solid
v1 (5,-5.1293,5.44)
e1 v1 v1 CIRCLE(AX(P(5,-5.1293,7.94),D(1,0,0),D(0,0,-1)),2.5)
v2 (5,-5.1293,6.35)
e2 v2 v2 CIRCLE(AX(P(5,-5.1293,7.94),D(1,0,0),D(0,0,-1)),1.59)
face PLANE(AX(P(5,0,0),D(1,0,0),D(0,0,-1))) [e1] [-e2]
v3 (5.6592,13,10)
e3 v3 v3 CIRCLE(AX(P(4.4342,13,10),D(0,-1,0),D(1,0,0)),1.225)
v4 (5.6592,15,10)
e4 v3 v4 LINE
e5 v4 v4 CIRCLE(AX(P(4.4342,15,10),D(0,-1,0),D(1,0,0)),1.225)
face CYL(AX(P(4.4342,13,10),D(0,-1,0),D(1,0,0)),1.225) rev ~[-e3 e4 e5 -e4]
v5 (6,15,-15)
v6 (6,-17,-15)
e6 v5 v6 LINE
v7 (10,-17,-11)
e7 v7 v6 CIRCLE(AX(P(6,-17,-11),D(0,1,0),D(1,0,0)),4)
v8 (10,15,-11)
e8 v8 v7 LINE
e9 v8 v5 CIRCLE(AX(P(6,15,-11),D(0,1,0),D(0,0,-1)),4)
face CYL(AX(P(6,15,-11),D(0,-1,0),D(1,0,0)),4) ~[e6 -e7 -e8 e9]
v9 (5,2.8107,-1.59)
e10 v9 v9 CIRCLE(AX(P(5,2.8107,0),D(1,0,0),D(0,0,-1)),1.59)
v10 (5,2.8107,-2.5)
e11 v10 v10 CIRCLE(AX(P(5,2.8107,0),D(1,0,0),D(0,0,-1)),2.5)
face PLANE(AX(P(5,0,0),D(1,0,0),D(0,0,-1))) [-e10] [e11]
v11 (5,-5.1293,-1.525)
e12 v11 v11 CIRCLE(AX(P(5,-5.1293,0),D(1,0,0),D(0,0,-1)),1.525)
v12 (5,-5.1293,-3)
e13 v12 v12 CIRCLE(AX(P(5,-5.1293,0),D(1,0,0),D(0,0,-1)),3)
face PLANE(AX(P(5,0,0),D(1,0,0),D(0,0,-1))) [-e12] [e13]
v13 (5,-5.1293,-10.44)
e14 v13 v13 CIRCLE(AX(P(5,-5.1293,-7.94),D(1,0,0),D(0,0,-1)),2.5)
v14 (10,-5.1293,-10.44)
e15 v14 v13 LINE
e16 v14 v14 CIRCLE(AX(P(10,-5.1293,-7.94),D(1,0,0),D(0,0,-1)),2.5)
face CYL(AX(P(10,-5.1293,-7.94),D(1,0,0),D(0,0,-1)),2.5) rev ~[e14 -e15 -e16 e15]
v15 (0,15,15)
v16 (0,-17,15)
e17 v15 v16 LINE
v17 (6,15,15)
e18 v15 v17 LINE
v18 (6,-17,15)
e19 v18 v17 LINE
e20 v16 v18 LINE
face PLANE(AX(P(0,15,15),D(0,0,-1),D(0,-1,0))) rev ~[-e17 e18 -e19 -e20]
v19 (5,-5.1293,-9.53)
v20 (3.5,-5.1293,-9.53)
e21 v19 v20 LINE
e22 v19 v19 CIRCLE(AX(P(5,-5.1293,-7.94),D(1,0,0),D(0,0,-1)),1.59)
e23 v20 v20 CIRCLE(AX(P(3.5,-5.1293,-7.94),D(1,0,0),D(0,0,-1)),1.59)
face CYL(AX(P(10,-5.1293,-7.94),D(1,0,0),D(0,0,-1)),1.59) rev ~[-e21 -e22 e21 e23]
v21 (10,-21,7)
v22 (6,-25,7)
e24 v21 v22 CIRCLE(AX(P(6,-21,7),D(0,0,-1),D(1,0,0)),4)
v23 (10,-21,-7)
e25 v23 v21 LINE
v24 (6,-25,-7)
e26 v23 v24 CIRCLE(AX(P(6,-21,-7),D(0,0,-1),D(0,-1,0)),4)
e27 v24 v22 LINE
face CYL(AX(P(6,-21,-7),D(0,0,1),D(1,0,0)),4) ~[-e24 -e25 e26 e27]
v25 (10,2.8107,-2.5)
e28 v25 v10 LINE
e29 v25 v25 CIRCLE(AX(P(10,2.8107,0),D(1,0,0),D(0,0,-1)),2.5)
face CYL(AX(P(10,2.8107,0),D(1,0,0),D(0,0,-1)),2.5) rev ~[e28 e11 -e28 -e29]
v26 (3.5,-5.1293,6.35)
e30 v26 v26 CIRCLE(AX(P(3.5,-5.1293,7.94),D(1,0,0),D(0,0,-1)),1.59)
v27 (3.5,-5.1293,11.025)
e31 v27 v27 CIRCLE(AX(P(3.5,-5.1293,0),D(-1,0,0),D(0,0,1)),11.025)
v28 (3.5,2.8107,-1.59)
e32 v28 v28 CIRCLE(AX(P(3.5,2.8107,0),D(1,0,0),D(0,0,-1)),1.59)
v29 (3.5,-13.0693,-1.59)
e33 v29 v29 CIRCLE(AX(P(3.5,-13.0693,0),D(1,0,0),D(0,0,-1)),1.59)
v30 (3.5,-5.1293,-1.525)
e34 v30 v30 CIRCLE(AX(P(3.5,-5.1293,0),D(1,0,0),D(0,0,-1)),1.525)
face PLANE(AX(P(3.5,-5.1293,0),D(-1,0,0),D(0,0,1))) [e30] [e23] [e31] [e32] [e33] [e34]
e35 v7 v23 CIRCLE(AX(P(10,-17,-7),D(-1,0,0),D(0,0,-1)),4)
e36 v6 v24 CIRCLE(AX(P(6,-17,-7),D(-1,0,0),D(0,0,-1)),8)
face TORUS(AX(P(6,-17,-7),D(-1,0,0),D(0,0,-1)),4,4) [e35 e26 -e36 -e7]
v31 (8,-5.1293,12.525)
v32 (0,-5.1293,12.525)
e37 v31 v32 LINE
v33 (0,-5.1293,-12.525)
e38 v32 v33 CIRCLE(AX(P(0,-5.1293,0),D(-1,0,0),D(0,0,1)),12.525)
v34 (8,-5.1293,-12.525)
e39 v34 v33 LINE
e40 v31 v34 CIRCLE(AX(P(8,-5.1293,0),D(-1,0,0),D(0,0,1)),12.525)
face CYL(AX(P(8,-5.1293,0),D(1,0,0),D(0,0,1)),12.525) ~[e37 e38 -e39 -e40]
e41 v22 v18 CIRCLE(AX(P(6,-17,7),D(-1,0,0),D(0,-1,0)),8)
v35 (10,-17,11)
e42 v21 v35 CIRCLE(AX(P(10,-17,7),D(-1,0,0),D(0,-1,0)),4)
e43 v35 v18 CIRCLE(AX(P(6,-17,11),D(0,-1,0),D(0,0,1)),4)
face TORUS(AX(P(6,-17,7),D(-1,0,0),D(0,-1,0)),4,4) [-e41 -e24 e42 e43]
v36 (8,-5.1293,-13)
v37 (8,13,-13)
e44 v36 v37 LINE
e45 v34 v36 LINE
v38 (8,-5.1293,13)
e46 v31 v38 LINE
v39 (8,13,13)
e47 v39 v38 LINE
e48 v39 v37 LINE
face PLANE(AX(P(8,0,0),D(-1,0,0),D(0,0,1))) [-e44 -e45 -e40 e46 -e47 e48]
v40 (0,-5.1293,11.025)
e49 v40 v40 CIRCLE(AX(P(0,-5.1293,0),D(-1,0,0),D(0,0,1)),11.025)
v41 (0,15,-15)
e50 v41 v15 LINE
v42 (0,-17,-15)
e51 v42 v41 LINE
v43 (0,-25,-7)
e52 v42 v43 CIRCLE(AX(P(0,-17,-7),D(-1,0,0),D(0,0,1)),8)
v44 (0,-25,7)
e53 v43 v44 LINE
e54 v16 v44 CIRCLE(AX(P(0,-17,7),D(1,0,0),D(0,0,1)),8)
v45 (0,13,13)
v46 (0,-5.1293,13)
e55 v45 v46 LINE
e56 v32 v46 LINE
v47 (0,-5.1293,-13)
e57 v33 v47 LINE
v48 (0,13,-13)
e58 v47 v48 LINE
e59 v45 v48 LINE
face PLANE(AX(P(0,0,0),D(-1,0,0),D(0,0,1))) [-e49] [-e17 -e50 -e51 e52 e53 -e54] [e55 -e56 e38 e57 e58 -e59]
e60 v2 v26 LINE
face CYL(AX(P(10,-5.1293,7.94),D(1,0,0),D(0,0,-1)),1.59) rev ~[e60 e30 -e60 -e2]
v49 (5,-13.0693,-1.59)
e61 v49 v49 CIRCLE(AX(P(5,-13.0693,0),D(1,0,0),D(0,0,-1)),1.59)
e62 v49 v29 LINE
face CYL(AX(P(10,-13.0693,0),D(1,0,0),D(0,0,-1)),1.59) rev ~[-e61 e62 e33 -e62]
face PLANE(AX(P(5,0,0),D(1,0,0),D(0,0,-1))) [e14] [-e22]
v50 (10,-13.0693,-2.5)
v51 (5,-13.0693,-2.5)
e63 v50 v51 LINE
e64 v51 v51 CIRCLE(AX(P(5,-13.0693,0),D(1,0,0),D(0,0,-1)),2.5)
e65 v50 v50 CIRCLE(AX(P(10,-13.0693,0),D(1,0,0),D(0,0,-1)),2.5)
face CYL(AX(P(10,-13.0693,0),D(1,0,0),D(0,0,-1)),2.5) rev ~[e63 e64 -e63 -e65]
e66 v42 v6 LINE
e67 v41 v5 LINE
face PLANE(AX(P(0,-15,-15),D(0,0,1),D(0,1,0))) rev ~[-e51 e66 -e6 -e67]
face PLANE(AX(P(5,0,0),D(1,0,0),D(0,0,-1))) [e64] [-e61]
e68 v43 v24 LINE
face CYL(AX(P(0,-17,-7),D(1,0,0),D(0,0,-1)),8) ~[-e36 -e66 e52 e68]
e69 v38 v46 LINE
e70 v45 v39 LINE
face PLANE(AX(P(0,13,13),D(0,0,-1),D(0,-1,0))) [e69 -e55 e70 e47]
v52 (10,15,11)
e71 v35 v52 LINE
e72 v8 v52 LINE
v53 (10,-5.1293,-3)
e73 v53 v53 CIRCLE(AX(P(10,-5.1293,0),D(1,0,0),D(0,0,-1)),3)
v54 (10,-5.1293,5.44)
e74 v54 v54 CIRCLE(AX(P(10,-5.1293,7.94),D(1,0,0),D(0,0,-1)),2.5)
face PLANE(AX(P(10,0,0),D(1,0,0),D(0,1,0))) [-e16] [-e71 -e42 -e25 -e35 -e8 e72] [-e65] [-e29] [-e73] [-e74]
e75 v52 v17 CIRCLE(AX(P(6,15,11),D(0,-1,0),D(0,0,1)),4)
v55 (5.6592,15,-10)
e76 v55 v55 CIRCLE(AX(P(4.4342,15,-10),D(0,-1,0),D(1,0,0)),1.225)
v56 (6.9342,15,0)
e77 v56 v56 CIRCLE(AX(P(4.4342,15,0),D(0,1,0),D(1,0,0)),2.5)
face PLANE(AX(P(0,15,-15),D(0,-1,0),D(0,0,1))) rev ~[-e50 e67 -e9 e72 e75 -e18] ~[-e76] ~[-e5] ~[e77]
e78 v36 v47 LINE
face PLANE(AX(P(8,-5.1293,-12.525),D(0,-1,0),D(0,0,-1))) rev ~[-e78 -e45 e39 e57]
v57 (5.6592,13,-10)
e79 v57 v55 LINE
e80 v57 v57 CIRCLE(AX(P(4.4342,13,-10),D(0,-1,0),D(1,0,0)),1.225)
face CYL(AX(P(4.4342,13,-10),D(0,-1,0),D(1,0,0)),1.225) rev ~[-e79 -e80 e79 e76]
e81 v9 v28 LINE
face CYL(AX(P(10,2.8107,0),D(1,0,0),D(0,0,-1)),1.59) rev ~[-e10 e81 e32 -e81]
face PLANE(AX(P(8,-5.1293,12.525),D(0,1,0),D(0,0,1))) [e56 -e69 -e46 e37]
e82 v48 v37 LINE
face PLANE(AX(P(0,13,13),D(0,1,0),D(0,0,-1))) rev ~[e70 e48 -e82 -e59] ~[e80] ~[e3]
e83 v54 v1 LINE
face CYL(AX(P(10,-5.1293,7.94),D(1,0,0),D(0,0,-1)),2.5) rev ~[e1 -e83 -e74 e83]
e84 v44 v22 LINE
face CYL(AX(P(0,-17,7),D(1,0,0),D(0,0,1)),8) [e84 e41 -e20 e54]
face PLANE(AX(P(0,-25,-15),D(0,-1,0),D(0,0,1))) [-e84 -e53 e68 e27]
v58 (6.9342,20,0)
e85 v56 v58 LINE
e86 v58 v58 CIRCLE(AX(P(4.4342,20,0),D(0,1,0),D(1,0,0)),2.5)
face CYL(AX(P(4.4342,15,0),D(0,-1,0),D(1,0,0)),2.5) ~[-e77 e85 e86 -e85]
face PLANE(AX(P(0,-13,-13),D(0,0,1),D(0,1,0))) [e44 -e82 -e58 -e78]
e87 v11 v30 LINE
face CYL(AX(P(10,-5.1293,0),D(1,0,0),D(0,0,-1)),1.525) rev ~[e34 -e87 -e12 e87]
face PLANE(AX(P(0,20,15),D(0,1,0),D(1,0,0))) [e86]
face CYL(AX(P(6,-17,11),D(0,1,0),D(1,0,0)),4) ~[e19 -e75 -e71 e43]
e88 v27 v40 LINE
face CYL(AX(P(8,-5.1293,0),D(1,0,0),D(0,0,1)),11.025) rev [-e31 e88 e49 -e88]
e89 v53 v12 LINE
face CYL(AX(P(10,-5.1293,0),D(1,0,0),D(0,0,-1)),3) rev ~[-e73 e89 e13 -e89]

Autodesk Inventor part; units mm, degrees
ref_plane "YZ Plane" through (0, 0, 0) normal (1, 0, 0) x (0, 1, 0)
ref_plane "XZ Plane" through (0, 0, 0) normal (0, 1, 0) x (-1, 0, 0)
ref_plane "XY Plane" through (0, 0, 0) normal (0, 0, 1) x (1, 0, 0)
sketch "Sketch1" plane through (0, 0, 0) normal (1, 0, 0) x (0, 1, 0)
  line L0 (15, 15) -> (-15, 15)
  line L1 (-15, -15) -> (15, -15)
  line L2 (15, -15) -> (15, 15)
  line L3 (15, 15) -> (-15, -15) construction
  line L4 (-15, 15) -> (15, -15) construction
  line L5 (-15, -15) -> (-25, -15)
  line L6 (-25, -15) -> (-25, 15)
  line L7 (-25, 15) -> (-15, 15)
  point P0 (0, 0)
  dimension "d0" = 30
  dimension "d1" = 30
  dimension "d13" = 10
extrude "Extrusion1" add sketch "Sketch1" along normal blind 10
sketch "Sketch2" plane through (0, 0, 0) normal (-1, 0, 0) x (0, 0, 1)
  line L0 (-13, -13) -> (-13, 13)
  line L1 (13, 13) -> (13, -13)
  line L2 (13, 13) -> (-13, 13)
  line L3 (-13, -13) -> (-13, -23)
  line L4 (-13, -23) -> (13, -23)
  line L5 (13, -23) -> (13, -13)
  point P0 (0, 0)
  dimension "d14" = 10
extrude "Extrusion2" cut sketch "Sketch2" against normal blind 8
sketch "Sketch3" plane through (0, 15, 15) normal (0, 1, 0) x (1, 0, 0)
  circle A0 centre (4.4342, 15) radius 2.5 projected
  point P0 (0, 15)
extrude "Extrusion3" add sketch "Sketch3" along normal blind 5
sketch "Sketch4" plane through (0, 13, -13) normal (0, -1, 0) x (1, 0, 0)
  circle A0 centre (4.4342, 23) radius 1.225 projected
  circle A1 centre (4.4342, 3) radius 1.225 projected
  point P0 (0, 13)
extrude "Extrusion4" cut sketch "Sketch4" against normal blind 2
fillet "Fillet4" radius 8 4 edges at (4, -23, 13) (4, -23, -13) (5, -25, -15) (5, -25, 15)
fillet "Fillet5" radius 4 4 edges at (10, -25, 0) (10, -22.6569, 12.6569) (10, -1, -15) (10, -22.6569, -12.6569)
sketch "Sketch5" plane through (8, 0, 0) normal (-1, 0, 0) x (0, 0, 1)
  arc A0 (12.525, -5.1293) -> (-12.525, -5.1293) centre (0, -5.1293) ccw
  circle A1 centre (0, -5.1293) radius 11.025
  arc A2 (5, -23) -> (13, -15) centre (5, -15) ccw
  line L0 (13, -5.1293) -> (13, -15)
  line L1 (5, -23) -> (-5, -23)
  arc A3 (-13, -15) -> (-5, -23) centre (-5, -15) ccw
  line L2 (-13, -15) -> (-13, -5.1293)
  line L3 (12.525, -5.1293) -> (13, -5.1293)
  line L4 (13, -5.1293) -> (13, -15)
  line L5 (-12.525, -5.1293) -> (-13, -5.1293)
  line L6 (-13, -15) -> (-13, -5.1293)
  point P0 (0, 0)
extrude "Extrusion5" add sketch "Sketch5" along normal blind 8
sketch "Sketch6" plane through (8, -5.1293, 0) normal (-1, 0, 0) x (0, 0, 1)
  circle A0 centre (0, 0) radius 11.025 projected
  point P0 (0, 5.1293)
extrude "Extrusion6" add sketch "Sketch6" along normal blind 4.5
sketch "Sketch7" plane through (10, 0, 0) normal (1, 0, 0) x (0, 0, -1)
  circle A0 centre (0, -5.1293) radius 1.525
  point P0 (0, 0)
extrude "Extrusion7" cut sketch "Sketch7" against normal blind 8
sketch "Sketch8" plane through (10, 0, 0) normal (1, 0, 0) x (0, 0, -1)
  circle A0 centre (0, -5.1293) radius 1.525 projected
  circle A1 centre (0, -5.1293) radius 3
  point P0 (0, 0)
  dimension "d29" = 6
extrude "Extrusion8" cut sketch "Sketch8" against normal blind 5
sketch "Sketch9" plane through (10, 0, 0) normal (1, 0, 0) x (0, 0, -1)
  circle A0 centre (0, -5.1293) radius 11.025 projected
  line L0 (0, -5.1293) -> (0, -13.0693)
  line L1 (0, -5.1293) -> (0, 2.8107)
  circle A1 centre (0, -5.1293) radius 1.525 projected
  line L2 (0, -5.1293) -> (7.94, -5.1293)
  line L3 (0, -5.1293) -> (-7.94, -5.1293)
  circle A2 centre (7.94, -5.1293) radius 1.59
  circle A3 centre (0, -13.0693) radius 1.59
  circle A4 centre (-7.94, -5.1293) radius 1.59
  circle A5 centre (0, 2.8107) radius 1.59
  point P0 (0, 0)
  dimension "d32" = 7.94
  dimension "d33" = 7.94
  dimension "d34" = 7.94
  dimension "d35" = 7.94
  dimension "d36" = 3.18
  dimension "d37" = 3.18
  dimension "d38" = 3.18
  dimension "d39" = 3.18
extrude "Extrusion9" cut sketch "Sketch9" against normal blind 8 contours A3 | A4 | A5 | A2
sketch "Sketch10" plane through (10, 0, 0) normal (1, 0, 0) x (0, 0, -1)
  circle A0 centre (0, 2.8107) radius 1.59 projected
  circle A1 centre (7.94, -5.1293) radius 1.59 projected
  circle A2 centre (0, -13.0693) radius 1.59 projected
  circle A3 centre (-7.94, -5.1293) radius 1.59 projected
  circle A4 centre (0, 2.8107) radius 2.5
  circle A5 centre (7.94, -5.1293) radius 2.5
  circle A6 centre (0, -13.0693) radius 2.5
  circle A7 centre (-7.94, -5.1293) radius 2.5
  point P0 (0, 0)
  dimension "d42" = 5
  dimension "d43" = 5
  dimension "d44" = 5
  dimension "d45" = 5
extrude "Extrusion10" cut sketch "Sketch10" against normal blind 5
properties part number "TapaPieEfector"
